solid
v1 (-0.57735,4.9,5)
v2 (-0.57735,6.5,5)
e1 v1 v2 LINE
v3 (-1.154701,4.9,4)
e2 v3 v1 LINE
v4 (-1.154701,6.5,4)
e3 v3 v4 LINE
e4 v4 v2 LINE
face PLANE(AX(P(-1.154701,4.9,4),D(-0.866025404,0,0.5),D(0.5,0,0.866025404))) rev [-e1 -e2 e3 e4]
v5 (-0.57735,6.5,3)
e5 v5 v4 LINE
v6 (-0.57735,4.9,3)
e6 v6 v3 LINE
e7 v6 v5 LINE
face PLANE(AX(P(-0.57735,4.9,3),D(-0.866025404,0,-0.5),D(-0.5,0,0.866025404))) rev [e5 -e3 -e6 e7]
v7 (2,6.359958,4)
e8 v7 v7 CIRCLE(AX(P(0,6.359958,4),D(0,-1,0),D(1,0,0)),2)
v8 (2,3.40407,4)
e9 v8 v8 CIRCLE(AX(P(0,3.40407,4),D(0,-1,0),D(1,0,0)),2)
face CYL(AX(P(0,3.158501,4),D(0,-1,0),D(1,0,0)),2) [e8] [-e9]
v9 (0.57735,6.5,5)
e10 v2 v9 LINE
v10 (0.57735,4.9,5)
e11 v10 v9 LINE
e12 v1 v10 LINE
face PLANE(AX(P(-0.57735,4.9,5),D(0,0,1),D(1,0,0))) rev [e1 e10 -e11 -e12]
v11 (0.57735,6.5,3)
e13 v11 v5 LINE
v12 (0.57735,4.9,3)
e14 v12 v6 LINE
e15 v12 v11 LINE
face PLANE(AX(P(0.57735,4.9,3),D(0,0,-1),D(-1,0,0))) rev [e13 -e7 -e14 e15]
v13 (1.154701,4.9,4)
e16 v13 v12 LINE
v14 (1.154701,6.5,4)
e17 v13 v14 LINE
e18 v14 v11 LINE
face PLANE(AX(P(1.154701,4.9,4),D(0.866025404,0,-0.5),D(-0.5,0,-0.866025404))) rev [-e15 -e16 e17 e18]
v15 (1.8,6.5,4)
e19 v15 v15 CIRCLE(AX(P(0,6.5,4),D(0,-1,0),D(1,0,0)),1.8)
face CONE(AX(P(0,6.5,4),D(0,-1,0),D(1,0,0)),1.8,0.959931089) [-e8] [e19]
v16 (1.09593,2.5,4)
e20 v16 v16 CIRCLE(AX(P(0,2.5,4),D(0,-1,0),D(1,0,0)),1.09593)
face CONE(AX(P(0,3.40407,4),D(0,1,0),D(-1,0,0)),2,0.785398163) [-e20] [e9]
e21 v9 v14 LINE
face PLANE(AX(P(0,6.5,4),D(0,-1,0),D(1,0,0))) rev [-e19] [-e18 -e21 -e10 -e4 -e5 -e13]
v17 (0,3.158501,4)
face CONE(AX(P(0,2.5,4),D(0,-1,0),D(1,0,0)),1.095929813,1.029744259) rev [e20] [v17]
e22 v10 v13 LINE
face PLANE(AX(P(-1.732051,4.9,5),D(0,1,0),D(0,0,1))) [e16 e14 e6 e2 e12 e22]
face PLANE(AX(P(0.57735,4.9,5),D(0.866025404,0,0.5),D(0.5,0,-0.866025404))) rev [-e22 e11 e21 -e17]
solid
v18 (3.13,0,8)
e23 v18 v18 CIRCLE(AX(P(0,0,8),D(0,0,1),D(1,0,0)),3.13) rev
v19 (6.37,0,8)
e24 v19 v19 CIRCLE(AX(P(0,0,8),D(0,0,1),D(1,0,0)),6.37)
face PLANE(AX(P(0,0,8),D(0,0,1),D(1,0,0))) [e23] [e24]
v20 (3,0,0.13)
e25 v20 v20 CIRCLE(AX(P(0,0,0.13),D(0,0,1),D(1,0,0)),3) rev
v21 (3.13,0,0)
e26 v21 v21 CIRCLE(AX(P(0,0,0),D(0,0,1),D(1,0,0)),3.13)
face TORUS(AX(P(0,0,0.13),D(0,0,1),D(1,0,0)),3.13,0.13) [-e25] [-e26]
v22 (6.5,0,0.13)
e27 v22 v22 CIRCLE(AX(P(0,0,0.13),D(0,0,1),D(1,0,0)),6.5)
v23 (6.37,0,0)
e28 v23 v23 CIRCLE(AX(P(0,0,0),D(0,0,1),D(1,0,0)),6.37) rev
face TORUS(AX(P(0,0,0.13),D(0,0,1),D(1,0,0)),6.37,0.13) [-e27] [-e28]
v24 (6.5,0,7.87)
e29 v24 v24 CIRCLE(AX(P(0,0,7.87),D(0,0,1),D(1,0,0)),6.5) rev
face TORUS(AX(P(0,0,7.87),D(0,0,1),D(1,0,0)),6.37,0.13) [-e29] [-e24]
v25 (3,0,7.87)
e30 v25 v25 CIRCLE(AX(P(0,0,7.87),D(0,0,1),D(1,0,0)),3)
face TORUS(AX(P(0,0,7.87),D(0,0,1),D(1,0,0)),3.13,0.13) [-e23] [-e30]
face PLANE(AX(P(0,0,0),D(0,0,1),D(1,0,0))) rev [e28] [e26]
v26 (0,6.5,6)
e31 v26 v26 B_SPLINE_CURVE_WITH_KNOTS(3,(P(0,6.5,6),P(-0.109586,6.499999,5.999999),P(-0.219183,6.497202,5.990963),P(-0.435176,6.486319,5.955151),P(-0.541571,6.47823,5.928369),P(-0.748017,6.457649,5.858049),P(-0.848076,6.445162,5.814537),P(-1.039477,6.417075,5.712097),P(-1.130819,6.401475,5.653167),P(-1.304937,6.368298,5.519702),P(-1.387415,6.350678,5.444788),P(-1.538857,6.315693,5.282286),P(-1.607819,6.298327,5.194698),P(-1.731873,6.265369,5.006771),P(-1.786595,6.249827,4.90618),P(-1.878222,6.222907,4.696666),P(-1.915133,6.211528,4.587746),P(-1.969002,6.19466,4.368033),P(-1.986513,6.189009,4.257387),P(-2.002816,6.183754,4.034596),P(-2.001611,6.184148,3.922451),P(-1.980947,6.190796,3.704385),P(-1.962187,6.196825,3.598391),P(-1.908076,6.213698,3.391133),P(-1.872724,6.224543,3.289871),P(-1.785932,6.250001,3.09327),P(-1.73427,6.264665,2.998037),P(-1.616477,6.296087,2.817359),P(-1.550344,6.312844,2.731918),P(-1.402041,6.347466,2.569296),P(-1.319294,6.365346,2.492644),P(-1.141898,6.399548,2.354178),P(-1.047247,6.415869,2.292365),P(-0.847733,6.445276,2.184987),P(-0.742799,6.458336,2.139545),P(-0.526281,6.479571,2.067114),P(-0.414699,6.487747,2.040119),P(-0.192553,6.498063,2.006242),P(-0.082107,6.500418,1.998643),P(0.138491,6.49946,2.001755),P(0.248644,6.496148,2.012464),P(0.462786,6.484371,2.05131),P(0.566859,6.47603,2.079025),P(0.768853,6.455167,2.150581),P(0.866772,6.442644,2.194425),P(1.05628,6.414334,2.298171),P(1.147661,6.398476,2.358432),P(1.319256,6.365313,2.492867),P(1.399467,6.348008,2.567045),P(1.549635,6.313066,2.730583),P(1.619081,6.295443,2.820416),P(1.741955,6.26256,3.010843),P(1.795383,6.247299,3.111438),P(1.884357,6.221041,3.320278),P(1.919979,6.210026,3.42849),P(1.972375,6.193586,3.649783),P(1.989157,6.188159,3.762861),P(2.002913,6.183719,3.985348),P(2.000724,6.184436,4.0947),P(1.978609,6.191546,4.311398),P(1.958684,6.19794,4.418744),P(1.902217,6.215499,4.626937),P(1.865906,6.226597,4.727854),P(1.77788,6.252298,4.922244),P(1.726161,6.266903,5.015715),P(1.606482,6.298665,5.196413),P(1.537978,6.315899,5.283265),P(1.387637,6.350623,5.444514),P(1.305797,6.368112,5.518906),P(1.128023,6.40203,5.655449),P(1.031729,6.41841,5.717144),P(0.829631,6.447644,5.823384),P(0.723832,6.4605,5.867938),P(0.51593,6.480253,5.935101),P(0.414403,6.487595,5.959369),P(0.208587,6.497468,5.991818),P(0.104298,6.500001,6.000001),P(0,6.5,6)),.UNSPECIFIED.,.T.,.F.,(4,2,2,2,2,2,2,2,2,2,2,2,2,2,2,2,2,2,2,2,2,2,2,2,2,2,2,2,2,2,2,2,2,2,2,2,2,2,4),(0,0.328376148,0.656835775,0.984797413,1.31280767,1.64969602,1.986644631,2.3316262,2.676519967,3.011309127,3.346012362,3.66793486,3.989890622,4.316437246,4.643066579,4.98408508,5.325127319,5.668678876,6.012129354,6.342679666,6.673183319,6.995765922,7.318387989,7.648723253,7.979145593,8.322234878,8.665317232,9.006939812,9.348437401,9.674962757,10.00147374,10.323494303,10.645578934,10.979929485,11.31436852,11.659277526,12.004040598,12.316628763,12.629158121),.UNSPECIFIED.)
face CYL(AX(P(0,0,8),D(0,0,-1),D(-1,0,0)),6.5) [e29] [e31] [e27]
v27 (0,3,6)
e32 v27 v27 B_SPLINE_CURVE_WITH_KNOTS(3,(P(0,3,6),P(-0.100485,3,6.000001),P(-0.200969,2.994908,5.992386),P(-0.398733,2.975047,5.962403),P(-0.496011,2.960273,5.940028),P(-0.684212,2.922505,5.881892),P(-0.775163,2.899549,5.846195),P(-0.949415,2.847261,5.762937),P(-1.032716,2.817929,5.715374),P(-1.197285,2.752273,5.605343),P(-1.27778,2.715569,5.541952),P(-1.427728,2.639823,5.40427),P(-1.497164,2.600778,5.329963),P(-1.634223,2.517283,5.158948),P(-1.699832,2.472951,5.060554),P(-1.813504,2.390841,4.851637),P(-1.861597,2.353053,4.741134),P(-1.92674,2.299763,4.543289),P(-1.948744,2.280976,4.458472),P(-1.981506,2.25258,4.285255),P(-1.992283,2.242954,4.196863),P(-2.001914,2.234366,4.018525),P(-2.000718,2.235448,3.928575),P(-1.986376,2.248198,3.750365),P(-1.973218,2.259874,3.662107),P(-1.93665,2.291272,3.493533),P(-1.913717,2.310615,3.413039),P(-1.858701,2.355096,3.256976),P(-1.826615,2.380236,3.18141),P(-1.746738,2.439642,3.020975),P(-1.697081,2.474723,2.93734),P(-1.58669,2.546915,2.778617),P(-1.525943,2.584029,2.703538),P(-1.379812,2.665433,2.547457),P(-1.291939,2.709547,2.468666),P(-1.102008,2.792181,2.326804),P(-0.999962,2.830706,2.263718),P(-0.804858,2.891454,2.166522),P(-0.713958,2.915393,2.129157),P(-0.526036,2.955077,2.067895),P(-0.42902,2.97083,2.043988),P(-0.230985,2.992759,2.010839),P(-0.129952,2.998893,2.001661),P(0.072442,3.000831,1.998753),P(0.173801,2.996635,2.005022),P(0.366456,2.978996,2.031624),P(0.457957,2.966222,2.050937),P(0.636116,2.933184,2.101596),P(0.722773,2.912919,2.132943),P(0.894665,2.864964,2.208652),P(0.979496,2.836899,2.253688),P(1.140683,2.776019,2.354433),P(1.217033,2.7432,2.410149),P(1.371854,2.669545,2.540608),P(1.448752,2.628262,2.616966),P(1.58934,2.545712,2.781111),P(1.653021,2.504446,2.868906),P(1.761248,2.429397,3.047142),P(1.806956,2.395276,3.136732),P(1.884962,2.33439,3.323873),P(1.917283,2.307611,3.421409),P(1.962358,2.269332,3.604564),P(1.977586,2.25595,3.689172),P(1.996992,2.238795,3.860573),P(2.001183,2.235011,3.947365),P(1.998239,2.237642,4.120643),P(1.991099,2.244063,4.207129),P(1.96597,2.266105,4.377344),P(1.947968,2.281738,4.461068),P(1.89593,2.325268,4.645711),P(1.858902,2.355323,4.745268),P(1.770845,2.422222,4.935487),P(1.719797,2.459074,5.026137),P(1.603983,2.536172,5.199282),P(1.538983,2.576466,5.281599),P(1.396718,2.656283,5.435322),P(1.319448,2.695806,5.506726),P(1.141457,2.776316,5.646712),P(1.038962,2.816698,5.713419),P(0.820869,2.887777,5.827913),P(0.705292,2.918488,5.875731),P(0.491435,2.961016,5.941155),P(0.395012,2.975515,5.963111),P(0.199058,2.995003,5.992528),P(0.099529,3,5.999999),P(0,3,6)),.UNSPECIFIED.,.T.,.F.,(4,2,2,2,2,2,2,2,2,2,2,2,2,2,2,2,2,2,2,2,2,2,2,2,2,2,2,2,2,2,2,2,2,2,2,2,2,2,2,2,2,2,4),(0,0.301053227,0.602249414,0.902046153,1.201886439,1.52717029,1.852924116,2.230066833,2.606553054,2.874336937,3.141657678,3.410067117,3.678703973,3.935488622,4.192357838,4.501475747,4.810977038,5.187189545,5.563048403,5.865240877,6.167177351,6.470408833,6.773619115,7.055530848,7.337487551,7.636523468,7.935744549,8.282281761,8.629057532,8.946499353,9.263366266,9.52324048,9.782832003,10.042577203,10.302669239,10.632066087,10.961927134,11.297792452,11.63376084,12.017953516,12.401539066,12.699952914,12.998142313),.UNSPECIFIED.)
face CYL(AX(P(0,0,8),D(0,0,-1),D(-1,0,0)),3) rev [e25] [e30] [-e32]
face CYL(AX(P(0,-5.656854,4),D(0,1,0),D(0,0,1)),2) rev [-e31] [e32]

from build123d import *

# Parameters (mm, degrees)
SKETCH1_R               = 6.5
SKETCH1_R_2             = 3
EXTRUDE1_DEPTH          = 8
CUT_EXTRUDE1_REACH      = 18.591
CUT_EXTRUDE1_END_RADIUS = 3
SKETCH2_R               = 2
CUT_EXTRUDE2_DEPTH      = 1.6
FILLET1_R               = 0.13


with BuildPart() as part:
    # Sketch1 → Extrude1 (new body)
    with BuildSketch(Plane.XY):
        Circle(SKETCH1_R)
        Circle(SKETCH1_R_2, mode=Mode.SUBTRACT)
    extrude(amount=EXTRUDE1_DEPTH)

    # Cut-Extrude1: up to this cylinder (the profile starts outside it)
    cut_extrude1_end = Plane(origin=(0, 0, 4), z_dir=(0, 0, -1)) * Cylinder(CUT_EXTRUDE1_END_RADIUS, 44.182, mode=Mode.PRIVATE)
    # Sketch2 → Cut-Extrude1 (cut, up to the surface)
    with BuildSketch(Plane(origin=(0, 6.5, 0), x_dir=(-1, 0, 0), z_dir=(0, 1, 0)), mode=Mode.PRIVATE) as cut_extrude1_sk1:
        with Locations(Location((0, 4, 0), (0, 0, 90))):
            Circle(SKETCH2_R)
    cut_extrude1_tool1 = extrude(cut_extrude1_sk1.sketch, amount=-CUT_EXTRUDE1_REACH, mode=Mode.PRIVATE) - cut_extrude1_end
    add(cut_extrude1_tool1.solids().sort_by_distance((0, 6.5, 4))[0], mode=Mode.SUBTRACT)

    # Fillet1
    fillet1_edges = [part.edges().sort_by_distance(p)[0] for p in [
        (-6.5, 0, 0),
        (-6.5, 0, 8),
        (-3, 0, 0),
        (-3, 0, 8),
    ]]
    fillet(fillet1_edges, radius=FILLET1_R)


with BuildPart() as body_2:
    # Sketch3 → Revolve1 (revolve)
    with BuildSketch(Plane.XY.offset(4), mode=Mode.PRIVATE) as revolve1_sk:
        Polygon((-1.8, 6.5), (-2, 6.359958492), (-2, 3.404070187), (-1.095929813, 2.5), (0, 3.158501066), (0, 6.5), align=None)
    revolve(revolve1_sk.sketch.rotate(Axis((0, 3.158501066, 4), (0, 1, 0)), 180), axis=Axis((0, 3.158501066, 4), (0, 1, 0)))

    # Sketch4 → Cut-Extrude2 (cut)
    with BuildSketch(Plane(origin=(0, 6.5, 0), x_dir=(0, 0, -1), z_dir=(0, 1, 0))):
        Polygon((-4, 1.154700538), (-5, 0.577350269), (-5, -0.577350269), (-4, -1.154700538), (-3, -0.577350269), (-3, 0.577350269), align=None)
    extrude(amount=-CUT_EXTRUDE2_DEPTH, mode=Mode.SUBTRACT)


solid = Compound([part.part, body_2.part])
